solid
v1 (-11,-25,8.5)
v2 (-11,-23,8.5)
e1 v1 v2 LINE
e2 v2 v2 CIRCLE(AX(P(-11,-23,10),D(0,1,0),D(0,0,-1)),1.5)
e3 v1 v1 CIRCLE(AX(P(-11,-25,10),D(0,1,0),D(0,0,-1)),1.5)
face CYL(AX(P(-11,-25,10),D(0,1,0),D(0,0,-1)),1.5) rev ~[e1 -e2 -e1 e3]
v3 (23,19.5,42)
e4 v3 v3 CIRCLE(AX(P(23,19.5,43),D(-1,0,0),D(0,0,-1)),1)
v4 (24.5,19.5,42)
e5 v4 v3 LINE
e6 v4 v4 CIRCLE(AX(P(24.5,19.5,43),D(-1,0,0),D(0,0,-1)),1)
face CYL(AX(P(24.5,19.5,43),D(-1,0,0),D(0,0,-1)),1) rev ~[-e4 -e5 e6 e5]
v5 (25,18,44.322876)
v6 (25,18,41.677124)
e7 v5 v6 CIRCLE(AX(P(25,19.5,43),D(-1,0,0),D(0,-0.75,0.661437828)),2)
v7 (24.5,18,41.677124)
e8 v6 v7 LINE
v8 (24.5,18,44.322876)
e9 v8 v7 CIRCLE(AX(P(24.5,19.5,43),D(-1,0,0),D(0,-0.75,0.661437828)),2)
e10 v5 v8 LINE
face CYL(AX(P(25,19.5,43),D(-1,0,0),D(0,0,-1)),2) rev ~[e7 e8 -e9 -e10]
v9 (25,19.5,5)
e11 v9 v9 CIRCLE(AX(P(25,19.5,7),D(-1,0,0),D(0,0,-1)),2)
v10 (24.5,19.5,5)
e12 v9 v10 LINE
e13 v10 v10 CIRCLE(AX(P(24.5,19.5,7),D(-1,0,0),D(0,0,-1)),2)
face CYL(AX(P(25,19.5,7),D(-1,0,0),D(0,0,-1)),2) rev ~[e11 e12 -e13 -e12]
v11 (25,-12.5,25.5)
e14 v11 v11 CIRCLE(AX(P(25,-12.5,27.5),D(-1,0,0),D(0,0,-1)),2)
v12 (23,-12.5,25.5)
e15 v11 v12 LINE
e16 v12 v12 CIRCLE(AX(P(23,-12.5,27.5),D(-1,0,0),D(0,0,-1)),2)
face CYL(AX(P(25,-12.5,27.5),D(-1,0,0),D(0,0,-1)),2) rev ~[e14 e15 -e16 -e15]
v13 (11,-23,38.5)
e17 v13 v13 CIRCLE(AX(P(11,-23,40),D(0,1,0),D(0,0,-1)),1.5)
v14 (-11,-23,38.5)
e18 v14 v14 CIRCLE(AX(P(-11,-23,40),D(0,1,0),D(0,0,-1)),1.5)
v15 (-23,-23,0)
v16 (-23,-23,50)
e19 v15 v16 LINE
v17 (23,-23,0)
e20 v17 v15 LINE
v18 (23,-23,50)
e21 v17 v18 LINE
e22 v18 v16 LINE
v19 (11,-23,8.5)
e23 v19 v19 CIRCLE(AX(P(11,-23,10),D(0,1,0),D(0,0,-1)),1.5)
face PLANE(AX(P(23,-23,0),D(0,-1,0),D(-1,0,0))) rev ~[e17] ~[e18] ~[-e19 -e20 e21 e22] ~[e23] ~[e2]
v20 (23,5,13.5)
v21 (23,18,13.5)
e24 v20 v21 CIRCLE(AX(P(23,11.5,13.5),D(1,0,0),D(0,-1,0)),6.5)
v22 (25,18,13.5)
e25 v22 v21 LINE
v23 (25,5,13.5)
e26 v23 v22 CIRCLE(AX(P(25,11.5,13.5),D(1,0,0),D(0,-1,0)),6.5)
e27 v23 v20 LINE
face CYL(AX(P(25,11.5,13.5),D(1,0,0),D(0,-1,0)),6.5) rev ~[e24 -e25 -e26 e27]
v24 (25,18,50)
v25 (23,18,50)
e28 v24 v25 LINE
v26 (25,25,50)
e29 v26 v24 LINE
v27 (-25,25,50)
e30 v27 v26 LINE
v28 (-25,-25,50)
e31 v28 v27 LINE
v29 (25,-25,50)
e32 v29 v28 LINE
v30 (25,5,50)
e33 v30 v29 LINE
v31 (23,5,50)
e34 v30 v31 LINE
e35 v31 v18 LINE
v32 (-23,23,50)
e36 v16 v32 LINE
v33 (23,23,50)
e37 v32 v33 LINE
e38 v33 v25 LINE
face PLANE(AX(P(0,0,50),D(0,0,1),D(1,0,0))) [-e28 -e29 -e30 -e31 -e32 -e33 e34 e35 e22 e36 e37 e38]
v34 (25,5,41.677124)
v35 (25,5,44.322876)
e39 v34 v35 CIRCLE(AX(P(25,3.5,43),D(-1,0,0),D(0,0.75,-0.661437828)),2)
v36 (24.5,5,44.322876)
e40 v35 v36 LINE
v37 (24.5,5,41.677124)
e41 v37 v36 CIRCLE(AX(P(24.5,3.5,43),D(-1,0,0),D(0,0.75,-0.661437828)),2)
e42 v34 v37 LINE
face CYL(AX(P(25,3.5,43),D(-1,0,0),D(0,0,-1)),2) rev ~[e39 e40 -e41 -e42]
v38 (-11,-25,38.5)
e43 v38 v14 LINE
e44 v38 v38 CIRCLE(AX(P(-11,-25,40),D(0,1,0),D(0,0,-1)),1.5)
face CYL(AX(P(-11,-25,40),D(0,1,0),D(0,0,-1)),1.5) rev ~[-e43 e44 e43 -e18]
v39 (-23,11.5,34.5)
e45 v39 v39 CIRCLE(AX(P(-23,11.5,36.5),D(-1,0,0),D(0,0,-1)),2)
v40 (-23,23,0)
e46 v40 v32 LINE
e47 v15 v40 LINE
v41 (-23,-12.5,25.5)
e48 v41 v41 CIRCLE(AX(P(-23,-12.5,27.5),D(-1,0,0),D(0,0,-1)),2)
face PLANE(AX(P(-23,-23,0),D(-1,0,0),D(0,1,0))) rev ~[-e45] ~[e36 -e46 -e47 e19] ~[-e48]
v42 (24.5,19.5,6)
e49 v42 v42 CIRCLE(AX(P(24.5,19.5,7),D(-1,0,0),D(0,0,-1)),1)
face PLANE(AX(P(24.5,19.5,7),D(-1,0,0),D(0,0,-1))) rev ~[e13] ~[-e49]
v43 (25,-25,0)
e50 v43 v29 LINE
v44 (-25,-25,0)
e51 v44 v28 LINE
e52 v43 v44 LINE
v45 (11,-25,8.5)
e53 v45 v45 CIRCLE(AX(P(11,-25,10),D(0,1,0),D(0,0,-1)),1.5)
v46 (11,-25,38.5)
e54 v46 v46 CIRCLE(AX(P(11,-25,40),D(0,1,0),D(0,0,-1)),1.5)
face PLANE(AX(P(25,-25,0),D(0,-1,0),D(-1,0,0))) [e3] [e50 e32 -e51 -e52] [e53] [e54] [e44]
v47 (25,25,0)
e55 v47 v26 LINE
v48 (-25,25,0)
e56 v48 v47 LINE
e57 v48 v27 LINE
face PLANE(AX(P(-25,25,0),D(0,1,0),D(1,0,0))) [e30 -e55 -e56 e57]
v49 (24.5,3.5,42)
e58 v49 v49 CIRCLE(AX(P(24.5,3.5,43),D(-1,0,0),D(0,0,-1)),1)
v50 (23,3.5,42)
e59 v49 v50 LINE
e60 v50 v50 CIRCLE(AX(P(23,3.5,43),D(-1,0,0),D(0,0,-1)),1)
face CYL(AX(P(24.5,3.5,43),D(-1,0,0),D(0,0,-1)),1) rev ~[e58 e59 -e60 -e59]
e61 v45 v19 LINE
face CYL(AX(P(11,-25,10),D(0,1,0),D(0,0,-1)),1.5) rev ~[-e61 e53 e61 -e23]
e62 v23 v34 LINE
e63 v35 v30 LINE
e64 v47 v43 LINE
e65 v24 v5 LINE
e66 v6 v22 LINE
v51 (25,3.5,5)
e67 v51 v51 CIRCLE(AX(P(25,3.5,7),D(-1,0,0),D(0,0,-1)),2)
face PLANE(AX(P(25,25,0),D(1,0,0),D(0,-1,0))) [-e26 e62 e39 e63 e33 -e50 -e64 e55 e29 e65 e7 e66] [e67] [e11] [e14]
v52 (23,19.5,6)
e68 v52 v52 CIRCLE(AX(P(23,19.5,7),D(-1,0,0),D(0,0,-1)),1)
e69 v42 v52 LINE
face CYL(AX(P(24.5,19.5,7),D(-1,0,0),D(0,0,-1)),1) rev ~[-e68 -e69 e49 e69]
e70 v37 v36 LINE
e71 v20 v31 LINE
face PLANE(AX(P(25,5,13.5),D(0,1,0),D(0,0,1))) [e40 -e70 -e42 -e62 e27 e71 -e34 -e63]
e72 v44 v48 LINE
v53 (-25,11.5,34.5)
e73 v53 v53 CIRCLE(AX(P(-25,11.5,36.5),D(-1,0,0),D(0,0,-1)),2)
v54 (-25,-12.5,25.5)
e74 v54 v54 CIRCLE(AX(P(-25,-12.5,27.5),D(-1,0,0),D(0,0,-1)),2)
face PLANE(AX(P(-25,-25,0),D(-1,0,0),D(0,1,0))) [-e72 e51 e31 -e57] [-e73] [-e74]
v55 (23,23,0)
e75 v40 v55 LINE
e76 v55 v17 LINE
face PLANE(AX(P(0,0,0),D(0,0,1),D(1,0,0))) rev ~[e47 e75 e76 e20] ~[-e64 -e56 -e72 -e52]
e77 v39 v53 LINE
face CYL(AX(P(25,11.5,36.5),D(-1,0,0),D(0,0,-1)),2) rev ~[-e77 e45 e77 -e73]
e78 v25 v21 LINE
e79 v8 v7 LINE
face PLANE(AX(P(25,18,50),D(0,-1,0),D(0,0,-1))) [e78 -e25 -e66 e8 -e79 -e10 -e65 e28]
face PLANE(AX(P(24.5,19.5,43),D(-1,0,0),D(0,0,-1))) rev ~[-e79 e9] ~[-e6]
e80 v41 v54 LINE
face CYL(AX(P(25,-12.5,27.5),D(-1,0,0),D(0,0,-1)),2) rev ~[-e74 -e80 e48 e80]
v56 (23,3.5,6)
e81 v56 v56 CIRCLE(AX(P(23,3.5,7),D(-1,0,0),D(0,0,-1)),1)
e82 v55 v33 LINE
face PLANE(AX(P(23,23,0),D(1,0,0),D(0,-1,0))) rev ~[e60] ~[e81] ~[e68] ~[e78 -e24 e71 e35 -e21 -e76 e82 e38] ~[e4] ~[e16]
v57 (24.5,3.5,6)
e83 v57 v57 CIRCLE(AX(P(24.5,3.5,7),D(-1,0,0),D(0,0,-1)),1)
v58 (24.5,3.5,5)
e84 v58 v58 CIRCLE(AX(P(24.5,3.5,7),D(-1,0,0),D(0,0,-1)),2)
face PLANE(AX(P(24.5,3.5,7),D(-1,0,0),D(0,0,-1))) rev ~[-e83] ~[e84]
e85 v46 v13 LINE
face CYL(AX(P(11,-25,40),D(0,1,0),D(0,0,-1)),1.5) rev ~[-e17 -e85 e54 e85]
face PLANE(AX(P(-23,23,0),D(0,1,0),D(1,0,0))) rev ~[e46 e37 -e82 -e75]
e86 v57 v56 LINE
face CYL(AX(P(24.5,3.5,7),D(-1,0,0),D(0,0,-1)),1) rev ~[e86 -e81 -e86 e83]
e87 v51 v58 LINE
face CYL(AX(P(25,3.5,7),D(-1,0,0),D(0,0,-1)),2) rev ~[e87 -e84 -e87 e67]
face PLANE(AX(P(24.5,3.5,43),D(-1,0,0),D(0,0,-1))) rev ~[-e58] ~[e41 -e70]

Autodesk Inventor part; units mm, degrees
ref_plane "YZ Plane" through (0, 0, 0) normal (1, 0, 0) x (0, 1, 0)
ref_plane "XZ Plane" through (0, 0, 0) normal (0, 1, 0) x (-1, 0, 0)
ref_plane "XY Plane" through (0, 0, 0) normal (0, 0, 1) x (1, 0, 0)
sketch "スケッチ1" plane through (0, 0, 0) normal (0, 0, 1) x (1, 0, 0)
  line L0 (-25, 25) -> (25, 25)
  line L1 (25, 25) -> (25, -25)
  line L2 (25, -25) -> (-25, -25)
  line L3 (-25, -25) -> (-25, 25)
  line L4 (-23, 23) -> (23, 23)
  line L5 (23, 23) -> (23, -23)
  line L6 (23, -23) -> (-23, -23)
  line L7 (-23, -23) -> (-23, 23)
  point P0 (0, 0)
  dimension "d0" = 50
  dimension "d1" = 50
  dimension "d4" = 25
  dimension "d5" = 25
  dimension "d6" = 46
  dimension "d7" = 2
  dimension "d8" = 46
  dimension "d9" = 2
extrude "押し出し1" add sketch "スケッチ1" along normal blind 50
sketch "スケッチ2" plane through (25, -25, 0) normal (1, 0, 0) x (0, 0, -1)
  line L0 (-50, 50) -> (-50, 0) projected
  line L1 (-50, 43) -> (-13.5, 43)
  line L2 (-13.5, 30) -> (-50, 30)
  line L3 (-50, 30) -> (-50, 43)
  arc A0 (-13.5, 30) -> (-13.5, 43) centre (-13.5, 36.5) ccw
  line L4 (0, 50) -> (-50, 50) projected
  point P0 (0, 25)
  point P1 (-11.7323, 30.245)
  dimension "d34" = 13
  dimension "d43" = 13
  dimension "d44" = 6.5
  dimension "d46" = 36.5
  dimension "d236" = 7
extrude "押し出し2" cut sketch "スケッチ2" against normal blind 30.5
sketch "スケッチ3" plane through (25, -25, 0) normal (1, 0, 0) x (0, 0, -1)
  arc A0 (-13.5, 30) -> (-13.5, 43) centre (-13.5, 36.5) ccw projected
  line L0 (-13.5, 30) -> (-50, 30) projected
  circle A1 centre (-7, 44.5) radius 1
  circle A2 centre (-43, 44.5) radius 1
  circle A3 centre (-43, 28.5) radius 1
  circle A4 centre (-7, 28.5) radius 1
  point P0 (0, 25)
  dimension "d47" = 8
  dimension "d48" = 8
  dimension "d49" = 16
  dimension "d50" = 1.5
  dimension "d51" = 36
  dimension "d52" = 36
  dimension "d53" = 6.5
  dimension "d55" = 2
  dimension "d56" = 6.5
hole "穴1" at (25, 3.5, 43) at (25, 19.5, 7) at (25, 3.5, 7) at (25, 19.5, 43) direction (-1, 0, 0) diameter 2 depth 2 tip angle 118 counterbore diameter 4 counterbore depth 0.5
sketch "スケッチ11" plane through (25, -25, 0) normal (1, 0, 0) x (0, 0, -1)
  circle A0 centre (-36.5, 36.5) radius 1.5
  line L0 (-50, 50) -> (-50, 43) projected
  circle A1 centre (-27.5, 12.5) radius 1.5
  line L1 (0, 50) -> (0, 0) projected
  line L2 (0, 50) -> (-50, 50) projected
  point P0 (0, 25)
  dimension "d109" = 3
  dimension "d128" = 24
  dimension "d237" = 13.5
  dimension "d238" = 27.5
  dimension "d239" = 13.5
hole "穴6" at (25, -12.5, 27.5) at (25, 11.5, 36.5) direction (-1, 0, 0) diameter 4 end through all
sketch "スケッチ18" plane through (-25, -25, 0) normal (0, -1, 0) x (1, 0, 0)
  line L0 (50, 50) -> (0, 50) projected
  line L1 (50, 0) -> (0, 0) projected
  circle A0 centre (14, 40) radius 1.5
  circle A1 centre (36, 40) radius 1.5
  circle A2 centre (14, 10) radius 1.5
  circle A3 centre (36, 10) radius 1.5
  line L2 (0, 0) -> (0, 50) projected
  line L3 (50, 0) -> (50, 50) projected
  point P0 (49.5, 0)
  point P1 (49.5, 50)
  point P2 (25, 0)
  dimension "d240" = 10
  dimension "d241" = 10
  dimension "d242" = 10
  dimension "d243" = 10
  dimension "d248" = 3
  dimension "d267" = 22
  dimension "d268" = 22
  dimension "d269" = 14
  dimension "d270" = 14
hole "穴13" at (-11, -25, 40) at (-11, -25, 10) at (11, -25, 40) at (11, -25, 10) direction (0, 1, 0) diameter 3 depth 2 tip angle 118
thread "ねじ13" size "M3x0.5" class "6H" standard "ANSI Metric M Profile" full length
thread "ねじ14" size "M3x0.5" class "6H" standard "ANSI Metric M Profile" full length
thread "ねじ15" size "M3x0.5" class "6H" standard "ANSI Metric M Profile" full length
thread "ねじ16" size "M3x0.5" class "6H" standard "ANSI Metric M Profile" full length
properties part number "04" material "アルミニウム 6061"
